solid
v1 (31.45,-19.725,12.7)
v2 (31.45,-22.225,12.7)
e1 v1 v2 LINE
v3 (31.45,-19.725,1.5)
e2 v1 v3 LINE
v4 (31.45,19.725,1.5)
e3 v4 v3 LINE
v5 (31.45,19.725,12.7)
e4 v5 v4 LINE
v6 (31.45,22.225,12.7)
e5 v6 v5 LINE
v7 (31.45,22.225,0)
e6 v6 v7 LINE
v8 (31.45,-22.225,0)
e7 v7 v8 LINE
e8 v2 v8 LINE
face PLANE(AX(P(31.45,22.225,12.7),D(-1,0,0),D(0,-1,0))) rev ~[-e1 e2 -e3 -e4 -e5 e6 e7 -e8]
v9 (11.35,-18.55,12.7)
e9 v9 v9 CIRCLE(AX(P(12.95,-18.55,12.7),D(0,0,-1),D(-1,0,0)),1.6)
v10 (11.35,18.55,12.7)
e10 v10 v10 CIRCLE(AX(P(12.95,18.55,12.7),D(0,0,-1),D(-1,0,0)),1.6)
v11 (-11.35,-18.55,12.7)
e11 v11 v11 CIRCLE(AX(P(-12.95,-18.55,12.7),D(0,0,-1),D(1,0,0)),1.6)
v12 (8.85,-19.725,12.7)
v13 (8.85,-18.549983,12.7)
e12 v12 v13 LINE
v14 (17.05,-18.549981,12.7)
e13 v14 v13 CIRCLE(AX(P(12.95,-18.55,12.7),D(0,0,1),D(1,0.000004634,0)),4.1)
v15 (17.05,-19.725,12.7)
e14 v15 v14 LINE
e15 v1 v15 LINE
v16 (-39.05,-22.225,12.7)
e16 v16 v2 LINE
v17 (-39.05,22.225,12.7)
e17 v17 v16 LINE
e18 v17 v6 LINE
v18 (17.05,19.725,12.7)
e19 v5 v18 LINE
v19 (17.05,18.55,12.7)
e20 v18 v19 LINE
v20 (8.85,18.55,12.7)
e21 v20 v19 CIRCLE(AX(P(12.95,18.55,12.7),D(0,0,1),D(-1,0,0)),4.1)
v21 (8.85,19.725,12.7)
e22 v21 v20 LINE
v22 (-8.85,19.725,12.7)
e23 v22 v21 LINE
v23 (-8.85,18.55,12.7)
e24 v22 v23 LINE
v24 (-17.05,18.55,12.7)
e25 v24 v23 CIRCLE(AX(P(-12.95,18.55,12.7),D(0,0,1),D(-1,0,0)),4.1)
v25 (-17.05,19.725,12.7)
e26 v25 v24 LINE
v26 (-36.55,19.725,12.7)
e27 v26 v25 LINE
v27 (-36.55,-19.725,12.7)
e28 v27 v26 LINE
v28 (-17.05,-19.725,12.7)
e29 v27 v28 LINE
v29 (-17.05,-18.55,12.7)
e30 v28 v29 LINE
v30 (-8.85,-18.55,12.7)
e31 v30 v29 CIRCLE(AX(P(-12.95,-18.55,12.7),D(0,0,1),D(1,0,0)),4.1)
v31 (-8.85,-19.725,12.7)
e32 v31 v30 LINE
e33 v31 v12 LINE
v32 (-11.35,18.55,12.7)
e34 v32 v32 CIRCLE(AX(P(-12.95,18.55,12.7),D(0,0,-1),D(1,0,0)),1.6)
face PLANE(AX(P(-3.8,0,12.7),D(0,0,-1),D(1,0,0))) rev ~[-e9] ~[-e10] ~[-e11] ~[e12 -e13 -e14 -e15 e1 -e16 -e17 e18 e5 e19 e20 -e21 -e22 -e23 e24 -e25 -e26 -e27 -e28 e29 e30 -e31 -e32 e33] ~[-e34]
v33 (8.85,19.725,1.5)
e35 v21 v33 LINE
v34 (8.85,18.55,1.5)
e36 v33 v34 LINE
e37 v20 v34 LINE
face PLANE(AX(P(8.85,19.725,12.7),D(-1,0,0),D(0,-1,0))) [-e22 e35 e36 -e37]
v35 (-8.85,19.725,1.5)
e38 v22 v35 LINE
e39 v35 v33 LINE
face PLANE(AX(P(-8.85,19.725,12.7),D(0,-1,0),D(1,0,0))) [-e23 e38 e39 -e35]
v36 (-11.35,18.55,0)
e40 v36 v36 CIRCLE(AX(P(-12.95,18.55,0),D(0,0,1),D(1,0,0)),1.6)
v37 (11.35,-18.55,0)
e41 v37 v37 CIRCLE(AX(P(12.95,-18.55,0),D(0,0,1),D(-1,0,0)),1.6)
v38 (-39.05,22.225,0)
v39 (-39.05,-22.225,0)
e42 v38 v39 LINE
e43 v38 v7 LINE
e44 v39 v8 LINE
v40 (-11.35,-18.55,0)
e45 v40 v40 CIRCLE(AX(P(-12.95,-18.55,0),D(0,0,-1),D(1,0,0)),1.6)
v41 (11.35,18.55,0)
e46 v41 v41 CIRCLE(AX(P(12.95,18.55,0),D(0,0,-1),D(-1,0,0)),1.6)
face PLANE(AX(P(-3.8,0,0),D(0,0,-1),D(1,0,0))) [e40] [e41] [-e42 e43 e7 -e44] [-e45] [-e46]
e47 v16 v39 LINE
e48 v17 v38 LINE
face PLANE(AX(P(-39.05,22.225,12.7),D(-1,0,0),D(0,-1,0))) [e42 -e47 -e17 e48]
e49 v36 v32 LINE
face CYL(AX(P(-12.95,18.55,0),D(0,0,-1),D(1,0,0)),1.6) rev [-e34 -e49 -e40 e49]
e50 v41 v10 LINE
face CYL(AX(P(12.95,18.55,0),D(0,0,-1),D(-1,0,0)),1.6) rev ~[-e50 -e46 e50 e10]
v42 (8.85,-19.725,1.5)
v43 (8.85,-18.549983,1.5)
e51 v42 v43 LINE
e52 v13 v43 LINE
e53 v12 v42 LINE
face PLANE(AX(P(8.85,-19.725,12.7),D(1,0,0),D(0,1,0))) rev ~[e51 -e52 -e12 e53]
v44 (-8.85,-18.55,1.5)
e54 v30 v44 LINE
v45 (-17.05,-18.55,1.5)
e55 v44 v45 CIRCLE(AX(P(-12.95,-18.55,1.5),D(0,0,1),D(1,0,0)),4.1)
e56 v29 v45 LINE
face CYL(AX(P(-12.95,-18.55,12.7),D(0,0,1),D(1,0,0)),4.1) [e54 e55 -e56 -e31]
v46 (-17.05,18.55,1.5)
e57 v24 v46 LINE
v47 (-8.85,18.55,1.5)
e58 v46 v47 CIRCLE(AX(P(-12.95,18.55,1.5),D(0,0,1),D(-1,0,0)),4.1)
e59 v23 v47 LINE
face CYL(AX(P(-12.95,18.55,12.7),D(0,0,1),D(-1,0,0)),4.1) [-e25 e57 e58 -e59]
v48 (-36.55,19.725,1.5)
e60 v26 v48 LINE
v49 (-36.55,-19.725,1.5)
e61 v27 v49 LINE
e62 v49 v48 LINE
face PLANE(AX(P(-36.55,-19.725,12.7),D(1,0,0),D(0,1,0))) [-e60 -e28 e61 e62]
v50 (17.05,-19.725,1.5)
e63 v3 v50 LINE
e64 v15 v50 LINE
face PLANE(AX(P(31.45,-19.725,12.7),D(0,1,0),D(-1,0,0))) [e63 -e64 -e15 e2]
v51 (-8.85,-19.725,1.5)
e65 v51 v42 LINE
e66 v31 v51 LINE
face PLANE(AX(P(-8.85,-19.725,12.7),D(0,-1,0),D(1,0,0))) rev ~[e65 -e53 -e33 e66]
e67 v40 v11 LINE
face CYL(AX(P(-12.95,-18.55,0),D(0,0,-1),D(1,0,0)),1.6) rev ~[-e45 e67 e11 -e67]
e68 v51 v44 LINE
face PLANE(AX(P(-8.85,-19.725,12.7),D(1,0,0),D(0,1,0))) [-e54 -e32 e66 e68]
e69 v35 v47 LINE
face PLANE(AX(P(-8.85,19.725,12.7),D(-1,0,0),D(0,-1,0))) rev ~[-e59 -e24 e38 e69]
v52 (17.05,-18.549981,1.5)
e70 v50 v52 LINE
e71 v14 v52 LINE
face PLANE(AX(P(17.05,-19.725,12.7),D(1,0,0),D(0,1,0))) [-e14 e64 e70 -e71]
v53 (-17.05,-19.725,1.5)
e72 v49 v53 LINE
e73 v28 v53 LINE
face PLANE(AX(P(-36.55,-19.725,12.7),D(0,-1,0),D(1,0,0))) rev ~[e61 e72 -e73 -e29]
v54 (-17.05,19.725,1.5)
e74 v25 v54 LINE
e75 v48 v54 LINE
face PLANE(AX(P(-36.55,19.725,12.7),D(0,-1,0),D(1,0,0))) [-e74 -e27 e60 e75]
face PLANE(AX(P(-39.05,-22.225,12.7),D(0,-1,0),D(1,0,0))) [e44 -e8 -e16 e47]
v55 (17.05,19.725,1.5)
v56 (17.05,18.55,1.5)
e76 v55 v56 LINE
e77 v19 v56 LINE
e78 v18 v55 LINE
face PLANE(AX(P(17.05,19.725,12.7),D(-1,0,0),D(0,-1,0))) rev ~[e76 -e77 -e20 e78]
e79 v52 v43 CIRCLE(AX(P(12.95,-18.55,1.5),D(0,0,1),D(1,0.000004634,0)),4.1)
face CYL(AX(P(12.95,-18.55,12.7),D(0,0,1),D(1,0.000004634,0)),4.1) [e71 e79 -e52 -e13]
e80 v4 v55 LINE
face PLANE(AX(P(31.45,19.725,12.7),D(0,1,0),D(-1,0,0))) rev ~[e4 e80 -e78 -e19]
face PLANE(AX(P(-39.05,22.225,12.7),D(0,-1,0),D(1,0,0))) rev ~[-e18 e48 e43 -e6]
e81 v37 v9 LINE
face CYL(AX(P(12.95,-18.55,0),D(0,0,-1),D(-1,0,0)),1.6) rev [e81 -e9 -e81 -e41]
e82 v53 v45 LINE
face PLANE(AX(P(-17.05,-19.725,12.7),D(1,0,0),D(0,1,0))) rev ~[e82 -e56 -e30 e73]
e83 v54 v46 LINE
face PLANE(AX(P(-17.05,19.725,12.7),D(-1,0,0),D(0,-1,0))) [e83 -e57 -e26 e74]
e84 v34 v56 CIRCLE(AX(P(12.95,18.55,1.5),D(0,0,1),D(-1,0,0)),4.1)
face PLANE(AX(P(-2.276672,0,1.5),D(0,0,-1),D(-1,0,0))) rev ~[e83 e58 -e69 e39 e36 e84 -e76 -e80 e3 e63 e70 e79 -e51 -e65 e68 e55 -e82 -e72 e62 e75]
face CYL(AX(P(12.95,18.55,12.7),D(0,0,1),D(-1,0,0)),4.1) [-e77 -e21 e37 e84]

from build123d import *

# Parameters (mm, degrees)
SKETCH_W                 = 70.5
SKETCH_H                 = 44.45
PAD_DEPTH                = 12.7
SKETCH001_R              = 1.6
POCKET_DEPTH             = 181.311112
SKETCH001_MIRRORED_2_R   = 1.6
POCKET_MIRRORED_2_DEPTH  = 181.311112
POCKET001_DEPTH          = 11.2
CLONE001_PLACEMENT_ANGLE = 180


with BuildPart() as part:
    # Sketch → Pad (new body)
    with BuildSketch(Plane.XY):
        with Locations((-3.8, 0)):
            Rectangle(SKETCH_W, SKETCH_H)
    extrude(amount=PAD_DEPTH)

    # Sketch001 (on Face6 of Pad) → Pocket (cut, through all)
    with BuildSketch(Plane.XY.offset(12.7)):
        with Locations((-12.95, 18.55)):
            Circle(SKETCH001_R)
    pocket = extrude(amount=-POCKET_DEPTH, mode=Mode.SUBTRACT)

    # Sketch001 Mirrored 2 → Pocket Mirrored 2 (cut, through all)
    with BuildSketch(Plane(origin=(0, 0, 12.7), x_dir=(-1, 0, 0), z_dir=(0, 0, -1))):
        with Locations((-12.95, 18.55)):
            Circle(SKETCH001_MIRRORED_2_R)
    pocket_mirrored_2 = extrude(amount=POCKET_MIRRORED_2_DEPTH, mode=Mode.SUBTRACT)

    # Mirrored001: Pocket, Pocket Mirrored 2 across XZ
    add(pocket.mirror(Plane.XZ), mode=Mode.SUBTRACT)
    add(pocket_mirrored_2.mirror(Plane.XZ), mode=Mode.SUBTRACT)

    # Sketch002 (on Face4 of MultiTransform) → Pocket001 (cut)
    with BuildSketch(Plane(origin=(0, 0, 0), x_dir=(1, 0, 0), z_dir=(0, 0, -1))):
        with BuildLine():
            Line((-36.55, -19.725), (-36.55, 19.725))
            Line((-36.55, 19.725), (-17.05, 19.725))
            Line((-17.05, 19.725), (-17.05, 18.55))
            ThreePointArc((-17.05, 18.55), (-12.95, 14.45), (-8.85, 18.55))
            Line((-8.85, 19.725), (-8.85, 18.55))
            Line((-8.85, 19.725), (8.85, 19.725))
            Line((8.85, 19.725), (8.85, 18.55))
            ThreePointArc((8.85, 18.55), (12.95, 14.45), (17.05, 18.55))
            Line((17.05, 19.725), (17.05, 18.55))
            Line((31.45, 19.725), (17.05, 19.725))
            Line((31.45, 19.725), (31.45, -19.725))
            Line((31.45, -19.725), (17.05, -19.725))
            Line((17.05, -19.725), (17.05, -18.549981))
            ThreePointArc((17.05, -18.549981), (12.949999, -14.45), (8.85, -18.549983))
            Line((8.85, -19.725), (8.85, -18.549983))
            Line((-8.85, -19.725), (8.85, -19.725))
            Line((-8.85, -19.725), (-8.85, -18.55))
            ThreePointArc((-8.85, -18.55), (-12.95, -14.45), (-17.05, -18.55))
            Line((-17.05, -19.725), (-17.05, -18.55))
            Line((-36.55, -19.725), (-17.05, -19.725))
        make_face()
    extrude(amount=-POCKET001_DEPTH, mode=Mode.SUBTRACT)


with BuildPart() as part_1:
    # Clone001 placement: moved
    add(part.part.moved(Location((0, 0, 12.7))).rotate(Axis((0, 0, 12.7), (1, 0, 0)), CLONE001_PLACEMENT_ANGLE))


solid = part_1.part
